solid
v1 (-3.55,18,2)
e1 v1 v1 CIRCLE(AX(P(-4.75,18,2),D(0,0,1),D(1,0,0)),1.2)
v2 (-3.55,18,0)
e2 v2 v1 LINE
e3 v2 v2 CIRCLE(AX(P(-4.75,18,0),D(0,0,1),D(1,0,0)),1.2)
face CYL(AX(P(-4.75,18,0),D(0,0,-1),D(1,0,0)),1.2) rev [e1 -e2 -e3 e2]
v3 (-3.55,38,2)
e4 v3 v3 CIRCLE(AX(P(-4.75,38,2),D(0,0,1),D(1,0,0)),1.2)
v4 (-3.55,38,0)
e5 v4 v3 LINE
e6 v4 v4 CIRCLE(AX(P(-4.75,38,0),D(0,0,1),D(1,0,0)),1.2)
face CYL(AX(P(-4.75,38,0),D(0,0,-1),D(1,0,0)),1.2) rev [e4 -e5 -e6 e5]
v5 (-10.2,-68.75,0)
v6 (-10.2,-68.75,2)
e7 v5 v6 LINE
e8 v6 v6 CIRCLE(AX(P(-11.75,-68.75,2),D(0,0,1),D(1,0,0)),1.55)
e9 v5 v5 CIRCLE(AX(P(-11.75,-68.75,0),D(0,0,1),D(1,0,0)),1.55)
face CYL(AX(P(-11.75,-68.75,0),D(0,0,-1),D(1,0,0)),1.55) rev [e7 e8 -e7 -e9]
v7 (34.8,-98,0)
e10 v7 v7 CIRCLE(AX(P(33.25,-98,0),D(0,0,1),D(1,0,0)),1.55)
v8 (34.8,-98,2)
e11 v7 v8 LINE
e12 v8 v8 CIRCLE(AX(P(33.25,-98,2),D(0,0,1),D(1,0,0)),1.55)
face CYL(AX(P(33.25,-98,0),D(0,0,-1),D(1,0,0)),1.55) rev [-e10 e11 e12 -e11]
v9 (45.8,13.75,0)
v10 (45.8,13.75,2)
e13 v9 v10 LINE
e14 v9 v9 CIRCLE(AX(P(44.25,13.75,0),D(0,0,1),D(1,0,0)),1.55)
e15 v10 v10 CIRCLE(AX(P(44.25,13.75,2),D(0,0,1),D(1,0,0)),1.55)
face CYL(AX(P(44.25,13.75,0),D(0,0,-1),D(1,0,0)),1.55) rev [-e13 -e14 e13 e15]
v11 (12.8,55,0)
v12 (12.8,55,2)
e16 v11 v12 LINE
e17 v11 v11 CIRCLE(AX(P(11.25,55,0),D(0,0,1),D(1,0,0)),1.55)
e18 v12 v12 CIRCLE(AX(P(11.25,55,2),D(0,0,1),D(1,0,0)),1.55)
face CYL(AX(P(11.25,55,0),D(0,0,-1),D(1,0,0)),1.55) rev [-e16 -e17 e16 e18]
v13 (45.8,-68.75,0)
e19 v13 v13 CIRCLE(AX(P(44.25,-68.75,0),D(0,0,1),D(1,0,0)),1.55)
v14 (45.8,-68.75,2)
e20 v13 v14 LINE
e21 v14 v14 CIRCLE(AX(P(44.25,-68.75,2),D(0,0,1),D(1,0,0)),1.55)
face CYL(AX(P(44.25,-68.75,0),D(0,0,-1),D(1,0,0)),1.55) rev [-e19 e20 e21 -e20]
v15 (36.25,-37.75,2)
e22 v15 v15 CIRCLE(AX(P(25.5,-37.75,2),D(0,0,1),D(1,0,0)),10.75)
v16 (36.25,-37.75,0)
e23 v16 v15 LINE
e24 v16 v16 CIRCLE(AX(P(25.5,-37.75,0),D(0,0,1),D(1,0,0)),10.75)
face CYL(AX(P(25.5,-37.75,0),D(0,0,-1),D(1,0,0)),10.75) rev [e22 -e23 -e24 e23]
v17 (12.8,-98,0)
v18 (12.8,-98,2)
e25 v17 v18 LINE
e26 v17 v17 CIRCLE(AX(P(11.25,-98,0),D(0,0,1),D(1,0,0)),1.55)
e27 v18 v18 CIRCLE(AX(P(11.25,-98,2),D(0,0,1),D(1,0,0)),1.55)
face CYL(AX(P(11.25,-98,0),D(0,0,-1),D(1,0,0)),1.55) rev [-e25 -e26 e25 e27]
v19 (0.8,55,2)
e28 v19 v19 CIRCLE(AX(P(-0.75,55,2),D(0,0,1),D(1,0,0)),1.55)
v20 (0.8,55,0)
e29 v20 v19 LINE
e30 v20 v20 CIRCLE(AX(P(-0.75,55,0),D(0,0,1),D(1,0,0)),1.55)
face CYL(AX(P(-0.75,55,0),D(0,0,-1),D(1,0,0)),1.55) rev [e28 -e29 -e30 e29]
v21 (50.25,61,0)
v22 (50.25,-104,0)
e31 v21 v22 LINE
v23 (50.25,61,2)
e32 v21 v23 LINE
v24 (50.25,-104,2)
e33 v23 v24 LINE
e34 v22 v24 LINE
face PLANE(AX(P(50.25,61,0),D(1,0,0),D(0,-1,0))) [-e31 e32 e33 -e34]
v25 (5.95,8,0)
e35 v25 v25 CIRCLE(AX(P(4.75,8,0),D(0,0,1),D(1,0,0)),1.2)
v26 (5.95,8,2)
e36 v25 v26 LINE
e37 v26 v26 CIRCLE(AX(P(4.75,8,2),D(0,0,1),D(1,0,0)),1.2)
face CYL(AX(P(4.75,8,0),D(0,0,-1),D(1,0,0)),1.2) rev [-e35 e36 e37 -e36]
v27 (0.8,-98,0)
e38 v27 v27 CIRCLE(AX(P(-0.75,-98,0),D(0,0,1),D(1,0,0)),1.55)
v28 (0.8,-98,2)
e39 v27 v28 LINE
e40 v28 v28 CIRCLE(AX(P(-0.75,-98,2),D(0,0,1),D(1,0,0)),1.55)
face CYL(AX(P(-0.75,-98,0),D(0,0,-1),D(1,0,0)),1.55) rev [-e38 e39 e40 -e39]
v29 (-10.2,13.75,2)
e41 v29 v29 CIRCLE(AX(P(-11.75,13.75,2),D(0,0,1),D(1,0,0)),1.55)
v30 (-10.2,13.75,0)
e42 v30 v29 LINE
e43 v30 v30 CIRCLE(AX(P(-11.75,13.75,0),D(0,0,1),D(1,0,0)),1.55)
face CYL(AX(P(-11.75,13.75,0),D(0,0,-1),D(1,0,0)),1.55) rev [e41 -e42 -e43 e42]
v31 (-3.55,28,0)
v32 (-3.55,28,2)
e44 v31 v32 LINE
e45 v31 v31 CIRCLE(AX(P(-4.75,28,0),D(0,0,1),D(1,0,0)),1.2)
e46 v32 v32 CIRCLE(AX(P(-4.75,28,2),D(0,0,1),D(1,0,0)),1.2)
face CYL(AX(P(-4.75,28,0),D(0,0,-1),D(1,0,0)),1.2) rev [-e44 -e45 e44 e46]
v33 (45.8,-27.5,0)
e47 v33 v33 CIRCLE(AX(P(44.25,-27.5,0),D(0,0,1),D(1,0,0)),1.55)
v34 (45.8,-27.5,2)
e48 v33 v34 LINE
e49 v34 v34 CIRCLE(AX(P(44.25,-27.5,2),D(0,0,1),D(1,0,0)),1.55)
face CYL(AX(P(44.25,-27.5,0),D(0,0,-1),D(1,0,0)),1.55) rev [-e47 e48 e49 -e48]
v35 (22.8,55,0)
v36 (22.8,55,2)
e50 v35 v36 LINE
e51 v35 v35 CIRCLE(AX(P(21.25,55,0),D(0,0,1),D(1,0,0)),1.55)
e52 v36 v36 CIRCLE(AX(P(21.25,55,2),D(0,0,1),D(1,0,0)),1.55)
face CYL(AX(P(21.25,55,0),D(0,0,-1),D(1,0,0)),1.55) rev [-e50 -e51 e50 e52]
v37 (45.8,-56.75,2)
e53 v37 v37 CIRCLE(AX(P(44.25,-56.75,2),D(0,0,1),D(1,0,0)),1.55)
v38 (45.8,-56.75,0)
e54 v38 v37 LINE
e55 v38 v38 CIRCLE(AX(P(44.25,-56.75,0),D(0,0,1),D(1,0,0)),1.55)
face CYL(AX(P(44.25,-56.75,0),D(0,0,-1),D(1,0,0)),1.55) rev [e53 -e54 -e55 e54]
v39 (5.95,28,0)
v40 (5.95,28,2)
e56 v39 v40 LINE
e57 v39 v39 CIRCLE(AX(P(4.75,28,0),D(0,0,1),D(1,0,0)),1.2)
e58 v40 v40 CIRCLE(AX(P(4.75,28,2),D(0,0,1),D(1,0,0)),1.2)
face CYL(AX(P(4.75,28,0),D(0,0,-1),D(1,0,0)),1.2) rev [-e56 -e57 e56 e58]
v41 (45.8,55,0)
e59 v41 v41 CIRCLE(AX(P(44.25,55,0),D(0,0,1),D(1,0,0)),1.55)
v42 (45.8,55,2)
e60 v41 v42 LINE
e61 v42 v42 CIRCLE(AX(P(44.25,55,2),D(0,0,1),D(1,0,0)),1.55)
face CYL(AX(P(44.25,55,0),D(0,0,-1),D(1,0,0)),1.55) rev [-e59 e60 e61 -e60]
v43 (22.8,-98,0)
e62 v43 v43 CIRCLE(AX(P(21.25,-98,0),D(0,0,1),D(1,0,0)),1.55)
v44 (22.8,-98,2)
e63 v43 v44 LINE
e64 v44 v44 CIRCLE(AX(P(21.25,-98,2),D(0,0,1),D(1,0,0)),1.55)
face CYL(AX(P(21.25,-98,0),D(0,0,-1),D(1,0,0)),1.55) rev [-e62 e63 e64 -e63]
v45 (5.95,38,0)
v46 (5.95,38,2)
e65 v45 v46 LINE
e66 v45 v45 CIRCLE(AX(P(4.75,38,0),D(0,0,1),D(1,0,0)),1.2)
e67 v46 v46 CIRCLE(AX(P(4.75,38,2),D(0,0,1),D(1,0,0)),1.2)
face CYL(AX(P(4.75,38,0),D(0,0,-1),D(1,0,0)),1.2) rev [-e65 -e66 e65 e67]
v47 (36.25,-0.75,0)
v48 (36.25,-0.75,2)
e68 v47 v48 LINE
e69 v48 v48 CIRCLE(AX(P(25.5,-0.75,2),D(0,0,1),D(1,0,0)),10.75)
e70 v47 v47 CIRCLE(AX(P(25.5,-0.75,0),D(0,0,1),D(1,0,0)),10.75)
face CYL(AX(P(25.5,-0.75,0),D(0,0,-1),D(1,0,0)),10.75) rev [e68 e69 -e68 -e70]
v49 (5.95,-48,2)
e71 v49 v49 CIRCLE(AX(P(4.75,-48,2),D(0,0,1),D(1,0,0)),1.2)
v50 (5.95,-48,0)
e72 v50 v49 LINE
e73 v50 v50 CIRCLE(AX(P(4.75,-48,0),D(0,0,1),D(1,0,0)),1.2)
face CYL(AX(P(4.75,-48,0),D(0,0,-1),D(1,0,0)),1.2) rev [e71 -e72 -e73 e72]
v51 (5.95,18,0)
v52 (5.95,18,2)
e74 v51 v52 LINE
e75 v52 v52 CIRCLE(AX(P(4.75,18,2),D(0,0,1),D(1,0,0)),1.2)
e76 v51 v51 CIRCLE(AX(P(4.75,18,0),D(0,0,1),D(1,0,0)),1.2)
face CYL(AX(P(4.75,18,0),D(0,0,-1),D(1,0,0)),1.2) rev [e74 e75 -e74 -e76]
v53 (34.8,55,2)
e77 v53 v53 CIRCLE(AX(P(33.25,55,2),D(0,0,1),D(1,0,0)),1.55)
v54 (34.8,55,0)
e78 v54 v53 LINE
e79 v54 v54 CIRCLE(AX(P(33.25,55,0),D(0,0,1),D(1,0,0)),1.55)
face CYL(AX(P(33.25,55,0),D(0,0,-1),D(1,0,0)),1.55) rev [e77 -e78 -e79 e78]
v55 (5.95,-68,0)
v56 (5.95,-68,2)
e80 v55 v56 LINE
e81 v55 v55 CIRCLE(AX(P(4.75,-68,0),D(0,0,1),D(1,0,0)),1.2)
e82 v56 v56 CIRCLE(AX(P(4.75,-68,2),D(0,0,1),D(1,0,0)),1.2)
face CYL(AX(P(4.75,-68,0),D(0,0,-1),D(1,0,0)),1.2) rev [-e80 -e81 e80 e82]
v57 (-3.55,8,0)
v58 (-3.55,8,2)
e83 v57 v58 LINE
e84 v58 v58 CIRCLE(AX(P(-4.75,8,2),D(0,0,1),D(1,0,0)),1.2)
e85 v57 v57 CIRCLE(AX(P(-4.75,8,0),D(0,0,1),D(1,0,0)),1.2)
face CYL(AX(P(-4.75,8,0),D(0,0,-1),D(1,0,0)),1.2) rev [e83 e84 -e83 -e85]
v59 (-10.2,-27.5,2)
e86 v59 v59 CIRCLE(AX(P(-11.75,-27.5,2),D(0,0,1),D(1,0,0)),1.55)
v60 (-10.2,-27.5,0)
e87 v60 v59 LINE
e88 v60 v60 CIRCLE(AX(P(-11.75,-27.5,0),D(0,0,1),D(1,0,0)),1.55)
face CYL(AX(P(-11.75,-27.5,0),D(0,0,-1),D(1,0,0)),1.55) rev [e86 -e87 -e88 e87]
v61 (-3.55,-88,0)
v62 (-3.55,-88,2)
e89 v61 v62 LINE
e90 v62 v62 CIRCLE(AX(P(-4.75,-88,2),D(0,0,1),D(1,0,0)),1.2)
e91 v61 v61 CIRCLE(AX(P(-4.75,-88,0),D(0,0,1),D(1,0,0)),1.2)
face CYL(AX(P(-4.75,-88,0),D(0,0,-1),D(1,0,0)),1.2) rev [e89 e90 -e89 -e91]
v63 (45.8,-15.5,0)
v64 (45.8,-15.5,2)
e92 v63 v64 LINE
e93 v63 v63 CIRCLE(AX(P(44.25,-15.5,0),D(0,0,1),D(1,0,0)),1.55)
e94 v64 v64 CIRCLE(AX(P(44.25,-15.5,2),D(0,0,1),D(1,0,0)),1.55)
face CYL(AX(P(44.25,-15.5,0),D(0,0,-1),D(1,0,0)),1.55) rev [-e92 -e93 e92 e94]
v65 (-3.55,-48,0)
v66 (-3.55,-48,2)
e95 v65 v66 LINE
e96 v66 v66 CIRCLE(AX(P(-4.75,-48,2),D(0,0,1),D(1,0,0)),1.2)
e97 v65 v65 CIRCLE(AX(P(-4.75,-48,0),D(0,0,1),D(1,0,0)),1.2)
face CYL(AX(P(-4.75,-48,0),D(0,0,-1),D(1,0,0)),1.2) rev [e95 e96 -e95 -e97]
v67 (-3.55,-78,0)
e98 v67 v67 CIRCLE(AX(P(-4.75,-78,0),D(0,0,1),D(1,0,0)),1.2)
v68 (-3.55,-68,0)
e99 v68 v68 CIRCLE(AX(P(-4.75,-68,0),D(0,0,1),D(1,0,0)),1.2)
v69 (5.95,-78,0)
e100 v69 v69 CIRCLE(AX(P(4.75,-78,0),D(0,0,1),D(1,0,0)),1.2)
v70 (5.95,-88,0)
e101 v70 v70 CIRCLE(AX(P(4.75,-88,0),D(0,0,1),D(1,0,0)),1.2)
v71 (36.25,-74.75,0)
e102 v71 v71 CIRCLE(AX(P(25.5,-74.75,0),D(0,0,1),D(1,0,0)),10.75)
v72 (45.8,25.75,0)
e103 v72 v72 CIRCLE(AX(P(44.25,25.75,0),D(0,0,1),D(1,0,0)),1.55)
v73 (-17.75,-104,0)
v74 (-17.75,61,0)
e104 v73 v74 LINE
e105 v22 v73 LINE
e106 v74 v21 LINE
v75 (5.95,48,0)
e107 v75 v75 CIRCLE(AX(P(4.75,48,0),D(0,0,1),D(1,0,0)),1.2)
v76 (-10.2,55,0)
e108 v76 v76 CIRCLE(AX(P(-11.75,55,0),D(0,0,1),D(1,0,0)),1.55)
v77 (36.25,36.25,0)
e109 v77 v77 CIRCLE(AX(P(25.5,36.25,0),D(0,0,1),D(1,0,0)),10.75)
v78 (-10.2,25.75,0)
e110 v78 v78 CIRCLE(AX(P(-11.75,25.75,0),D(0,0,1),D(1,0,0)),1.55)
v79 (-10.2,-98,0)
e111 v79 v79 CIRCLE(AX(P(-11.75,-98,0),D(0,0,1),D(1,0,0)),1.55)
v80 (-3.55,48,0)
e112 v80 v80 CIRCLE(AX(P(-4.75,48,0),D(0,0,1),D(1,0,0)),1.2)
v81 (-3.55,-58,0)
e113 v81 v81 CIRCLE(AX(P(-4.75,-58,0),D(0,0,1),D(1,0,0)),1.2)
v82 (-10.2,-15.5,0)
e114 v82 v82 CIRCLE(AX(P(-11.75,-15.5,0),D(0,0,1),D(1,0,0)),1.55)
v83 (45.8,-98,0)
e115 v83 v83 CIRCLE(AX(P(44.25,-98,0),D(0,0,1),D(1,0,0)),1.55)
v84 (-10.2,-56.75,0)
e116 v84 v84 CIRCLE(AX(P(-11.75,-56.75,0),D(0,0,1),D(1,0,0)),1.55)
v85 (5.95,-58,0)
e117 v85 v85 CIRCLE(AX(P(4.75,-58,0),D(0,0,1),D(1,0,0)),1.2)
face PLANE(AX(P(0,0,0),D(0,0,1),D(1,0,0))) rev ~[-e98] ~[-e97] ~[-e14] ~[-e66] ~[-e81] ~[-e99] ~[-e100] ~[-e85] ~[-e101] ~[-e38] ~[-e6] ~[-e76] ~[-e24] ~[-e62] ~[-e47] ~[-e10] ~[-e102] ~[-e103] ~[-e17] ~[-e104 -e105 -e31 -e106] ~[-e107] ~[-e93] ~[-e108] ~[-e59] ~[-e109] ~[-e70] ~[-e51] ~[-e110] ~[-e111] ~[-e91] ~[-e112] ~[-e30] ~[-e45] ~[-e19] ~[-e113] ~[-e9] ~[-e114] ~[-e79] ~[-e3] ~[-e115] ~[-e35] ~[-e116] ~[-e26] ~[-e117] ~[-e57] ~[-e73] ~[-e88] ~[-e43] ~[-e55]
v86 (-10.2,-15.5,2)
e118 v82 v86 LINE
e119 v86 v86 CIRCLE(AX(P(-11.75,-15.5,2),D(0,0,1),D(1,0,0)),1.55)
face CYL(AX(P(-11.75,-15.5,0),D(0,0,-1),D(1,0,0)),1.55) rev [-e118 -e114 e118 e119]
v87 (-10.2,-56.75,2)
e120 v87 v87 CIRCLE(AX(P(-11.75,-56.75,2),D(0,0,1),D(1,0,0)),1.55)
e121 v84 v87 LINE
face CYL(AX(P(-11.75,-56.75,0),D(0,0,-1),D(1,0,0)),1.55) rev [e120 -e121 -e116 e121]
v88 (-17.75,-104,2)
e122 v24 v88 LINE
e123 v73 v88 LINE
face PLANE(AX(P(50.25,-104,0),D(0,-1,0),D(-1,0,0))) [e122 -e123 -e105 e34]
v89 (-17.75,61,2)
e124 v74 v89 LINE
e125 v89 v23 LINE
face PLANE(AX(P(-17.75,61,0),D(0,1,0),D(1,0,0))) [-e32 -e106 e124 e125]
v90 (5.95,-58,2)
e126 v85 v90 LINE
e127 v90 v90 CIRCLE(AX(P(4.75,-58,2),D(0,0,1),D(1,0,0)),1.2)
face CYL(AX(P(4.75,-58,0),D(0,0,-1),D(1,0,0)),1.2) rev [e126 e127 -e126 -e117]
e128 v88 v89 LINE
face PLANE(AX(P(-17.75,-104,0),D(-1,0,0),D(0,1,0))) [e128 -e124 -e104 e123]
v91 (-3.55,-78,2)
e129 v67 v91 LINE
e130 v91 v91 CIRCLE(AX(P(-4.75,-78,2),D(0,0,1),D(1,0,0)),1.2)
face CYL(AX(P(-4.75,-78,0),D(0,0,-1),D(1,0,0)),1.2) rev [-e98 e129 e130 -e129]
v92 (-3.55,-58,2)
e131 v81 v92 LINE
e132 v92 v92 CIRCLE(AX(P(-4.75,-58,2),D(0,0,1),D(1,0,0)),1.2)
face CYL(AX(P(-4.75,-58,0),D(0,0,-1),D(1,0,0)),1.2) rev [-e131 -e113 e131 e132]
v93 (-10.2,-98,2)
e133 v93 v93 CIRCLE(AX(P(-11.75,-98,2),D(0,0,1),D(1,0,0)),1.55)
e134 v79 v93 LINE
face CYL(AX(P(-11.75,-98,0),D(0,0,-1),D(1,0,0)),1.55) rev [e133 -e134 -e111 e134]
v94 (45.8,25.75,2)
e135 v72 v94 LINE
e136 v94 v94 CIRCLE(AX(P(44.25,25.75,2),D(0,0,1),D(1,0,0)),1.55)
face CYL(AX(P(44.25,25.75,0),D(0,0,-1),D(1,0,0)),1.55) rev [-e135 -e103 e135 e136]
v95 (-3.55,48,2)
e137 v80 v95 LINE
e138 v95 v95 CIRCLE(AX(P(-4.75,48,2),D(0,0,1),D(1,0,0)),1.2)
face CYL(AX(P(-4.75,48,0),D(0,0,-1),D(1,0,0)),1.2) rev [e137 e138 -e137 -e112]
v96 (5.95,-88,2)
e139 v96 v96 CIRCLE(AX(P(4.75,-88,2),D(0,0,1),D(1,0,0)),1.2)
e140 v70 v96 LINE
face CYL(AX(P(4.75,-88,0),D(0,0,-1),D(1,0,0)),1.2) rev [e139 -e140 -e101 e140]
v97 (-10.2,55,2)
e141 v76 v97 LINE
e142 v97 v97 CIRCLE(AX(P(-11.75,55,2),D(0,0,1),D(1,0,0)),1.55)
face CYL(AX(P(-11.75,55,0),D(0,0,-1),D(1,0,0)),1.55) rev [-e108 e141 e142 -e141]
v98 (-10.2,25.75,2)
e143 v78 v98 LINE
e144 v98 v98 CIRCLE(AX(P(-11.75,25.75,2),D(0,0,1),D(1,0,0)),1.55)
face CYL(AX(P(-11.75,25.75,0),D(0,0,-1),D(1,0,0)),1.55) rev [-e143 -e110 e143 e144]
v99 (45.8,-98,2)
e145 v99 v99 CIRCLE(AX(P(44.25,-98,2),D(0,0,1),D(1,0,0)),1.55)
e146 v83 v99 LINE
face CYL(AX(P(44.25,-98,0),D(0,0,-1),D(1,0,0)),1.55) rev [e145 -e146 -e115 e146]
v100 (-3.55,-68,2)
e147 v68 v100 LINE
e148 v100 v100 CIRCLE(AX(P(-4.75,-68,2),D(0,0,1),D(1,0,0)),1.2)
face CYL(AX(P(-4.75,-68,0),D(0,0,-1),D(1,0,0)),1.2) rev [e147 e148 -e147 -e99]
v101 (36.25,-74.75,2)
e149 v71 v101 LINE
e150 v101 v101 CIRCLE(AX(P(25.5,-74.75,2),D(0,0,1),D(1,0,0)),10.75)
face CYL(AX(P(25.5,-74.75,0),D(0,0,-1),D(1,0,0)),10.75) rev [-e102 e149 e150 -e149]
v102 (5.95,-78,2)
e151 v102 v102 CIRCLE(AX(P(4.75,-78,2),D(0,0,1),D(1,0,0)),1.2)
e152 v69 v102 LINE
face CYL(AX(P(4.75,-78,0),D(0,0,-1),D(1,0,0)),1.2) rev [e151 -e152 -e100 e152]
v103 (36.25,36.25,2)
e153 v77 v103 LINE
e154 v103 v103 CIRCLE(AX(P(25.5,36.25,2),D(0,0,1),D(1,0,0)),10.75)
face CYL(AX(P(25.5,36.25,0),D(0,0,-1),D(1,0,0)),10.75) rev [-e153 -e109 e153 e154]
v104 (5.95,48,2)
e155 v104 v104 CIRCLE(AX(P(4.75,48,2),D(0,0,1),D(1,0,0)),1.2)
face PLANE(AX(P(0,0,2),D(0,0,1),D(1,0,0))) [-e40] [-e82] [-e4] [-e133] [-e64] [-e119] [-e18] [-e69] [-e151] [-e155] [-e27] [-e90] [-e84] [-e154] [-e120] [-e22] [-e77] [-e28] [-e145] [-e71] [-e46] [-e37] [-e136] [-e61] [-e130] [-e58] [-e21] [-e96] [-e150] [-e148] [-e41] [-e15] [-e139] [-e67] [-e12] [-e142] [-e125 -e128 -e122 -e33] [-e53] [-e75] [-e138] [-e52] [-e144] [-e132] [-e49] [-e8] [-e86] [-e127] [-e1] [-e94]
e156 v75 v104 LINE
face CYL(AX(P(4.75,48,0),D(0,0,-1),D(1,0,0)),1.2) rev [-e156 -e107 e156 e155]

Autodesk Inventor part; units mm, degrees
ref_plane "YZ Plane" through (0, 0, 0) normal (1, 0, 0) x (0, 1, 0)
ref_plane "XZ Plane" through (0, 0, 0) normal (0, 1, 0) x (-1, 0, 0)
ref_plane "XY Plane" through (0, 0, 0) normal (0, 0, 1) x (1, 0, 0)
sketch "スケッチ1" plane through (0, 0, 0) normal (0, 0, 1) x (1, 0, 0)
  circle A0 centre (-4.75, 48) radius 1.2
  circle A1 centre (4.75, 48) radius 1.2
  circle A2 centre (-4.75, -48) radius 1.2
  circle A3 centre (4.75, -48) radius 1.2
  line L0 (-4.75, -48) -> (4.75, -48) construction
  line L1 (4.75, -48) -> (4.75, 48) construction
  line L2 (4.75, 48) -> (-4.75, 48) construction
  line L3 (-4.75, 48) -> (-4.75, -48) construction
  line L4 (-4.75, -48) -> (4.75, 48) construction
  line L5 (4.75, -48) -> (-4.75, 48) construction
  line L6 (-17.75, 61) -> (50.25, 61)
  line L7 (50.25, 61) -> (50.25, -104)
  line L8 (50.25, -104) -> (-17.75, -104)
  line L9 (-17.75, -104) -> (-17.75, 61)
  circle A4 centre (44.25, 55) radius 1.55
  line L10 (16.25, 61) -> (16.25, -104) construction
  line L11 (16.25, -21.5) -> (50.25, -21.5) construction
  circle A5 centre (21.25, 55) radius 1.55
  circle A6 centre (33.25, 55) radius 1.55
  line L12 (16.25, 19.75) -> (50.25, 19.75) construction
  line L13 (16.25, 40.375) -> (50.25, 40.375) construction
  circle A7 centre (44.25, 25.75) radius 1.55
  circle A8 centre (44.25, -15.5) radius 1.55
  circle A9 centre (44.25, 13.75) radius 1.55
  circle A10 centre (44.25, -98) radius 1.55
  circle A11 centre (21.25, -98) radius 1.55
  circle A12 centre (33.25, -98) radius 1.55
  circle A13 centre (44.25, -68.75) radius 1.55
  circle A14 centre (44.25, -27.5) radius 1.55
  circle A15 centre (44.25, -56.75) radius 1.55
  circle A16 centre (-11.75, 55) radius 1.55
  circle A17 centre (11.25, 55) radius 1.55
  circle A18 centre (-0.75, 55) radius 1.55
  circle A19 centre (-11.75, 25.75) radius 1.55
  circle A20 centre (-11.75, -15.5) radius 1.55
  circle A21 centre (-11.75, 13.75) radius 1.55
  circle A22 centre (-11.75, -27.5) radius 1.55
  circle A23 centre (-11.75, -56.75) radius 1.55
  circle A24 centre (11.25, -98) radius 1.55
  circle A25 centre (-0.75, -98) radius 1.55
  circle A26 centre (-11.75, -98) radius 1.55
  circle A27 centre (-11.75, -68.75) radius 1.55
  circle A28 centre (-4.75, 38) radius 1.2
  circle A29 centre (4.75, 38) radius 1.2
  circle A30 centre (-4.75, -58) radius 1.2
  circle A31 centre (4.75, -58) radius 1.2
  circle A32 centre (-4.75, 28) radius 1.2
  circle A33 centre (4.75, 28) radius 1.2
  circle A34 centre (-4.75, -68) radius 1.2
  circle A35 centre (4.75, -68) radius 1.2
  circle A36 centre (-4.75, 18) radius 1.2
  circle A37 centre (4.75, 18) radius 1.2
  circle A38 centre (-4.75, -78) radius 1.2
  circle A39 centre (4.75, -78) radius 1.2
  circle A40 centre (-4.75, 8) radius 1.2
  circle A41 centre (4.75, 8) radius 1.2
  circle A42 centre (-4.75, -88) radius 1.2
  circle A43 centre (4.75, -88) radius 1.2
  circle A44 centre (25.5, 36.25) radius 10.75
  line L14 (14.75, 47) -> (36.25, 47) construction
  line L15 (36.25, 47) -> (36.25, -90) construction
  line L16 (36.25, -90) -> (14.75, -90) construction
  line L17 (14.75, -90) -> (14.75, 47) construction
  circle A45 centre (25.5, -0.75) radius 10.75
  circle A46 centre (25.5, -37.75) radius 10.75
  circle A47 centre (25.5, -74.75) radius 10.75
  circle A48 centre (4.75, 48) radius 2.75 construction
  point P0 (0, 0)
  dimension "d0" = 2.4
  dimension "d1" = 9.5
  dimension "d2" = 96
  dimension "d3" = 13
  dimension "d4" = 13
  dimension "d7" = 165
  dimension "d8" = 68
  dimension "d16" = 3.1
  dimension "d17" = 6
  dimension "d18" = 6
  dimension "d19" = 5
  dimension "d20" = 17
  dimension "d21" = 41.25
  dimension "d22" = 20.625
  dimension "d25" = 10
  dimension "d30" = 10
  dimension "d31" = 8
  dimension "d32" = 8
  dimension "d35" = 37
  dimension "d40" = 8
  dimension "d41" = 5.5
extrude "押し出し1" add sketch "スケッチ1" along normal blind 2
equation "\"d1\" = d20_1"
equation "\"d4\" = d3"
equation "\"d8\" = 足_短辺"
equation "\"d18\" = d17"
equation "\"d20\" = 0.25 * d8"
equation "\"d21\" = 0.25 * d7"
equation "\"d22\" = 0.5 * d21"
equation "\"d31\" = d32"
equation "\"d40\" = d31"
equation "\"H_head\" = 28.5"
equation "\"H_leg\" = 306"
equation "\"足の面積\" = 12720.125"
equation "\"現在の面積\" = 11560"
equation "\"足_短辺\" = 68"
equation "\"円柱\" = 313.5"
equation "\"胴体中心から手先\" = 342"
equation "\"H_leg_1\" = 186.2"
equation "\"H_leg_MAX\" = 399"
equation "\"H_head_1\" = 26.6"
equation "\"H_head_MAX\" = 142.5"
equation "\"d20_1\" = 9.5"
properties part number "足裏_メインフレーム_1_3" material "GFRP"
